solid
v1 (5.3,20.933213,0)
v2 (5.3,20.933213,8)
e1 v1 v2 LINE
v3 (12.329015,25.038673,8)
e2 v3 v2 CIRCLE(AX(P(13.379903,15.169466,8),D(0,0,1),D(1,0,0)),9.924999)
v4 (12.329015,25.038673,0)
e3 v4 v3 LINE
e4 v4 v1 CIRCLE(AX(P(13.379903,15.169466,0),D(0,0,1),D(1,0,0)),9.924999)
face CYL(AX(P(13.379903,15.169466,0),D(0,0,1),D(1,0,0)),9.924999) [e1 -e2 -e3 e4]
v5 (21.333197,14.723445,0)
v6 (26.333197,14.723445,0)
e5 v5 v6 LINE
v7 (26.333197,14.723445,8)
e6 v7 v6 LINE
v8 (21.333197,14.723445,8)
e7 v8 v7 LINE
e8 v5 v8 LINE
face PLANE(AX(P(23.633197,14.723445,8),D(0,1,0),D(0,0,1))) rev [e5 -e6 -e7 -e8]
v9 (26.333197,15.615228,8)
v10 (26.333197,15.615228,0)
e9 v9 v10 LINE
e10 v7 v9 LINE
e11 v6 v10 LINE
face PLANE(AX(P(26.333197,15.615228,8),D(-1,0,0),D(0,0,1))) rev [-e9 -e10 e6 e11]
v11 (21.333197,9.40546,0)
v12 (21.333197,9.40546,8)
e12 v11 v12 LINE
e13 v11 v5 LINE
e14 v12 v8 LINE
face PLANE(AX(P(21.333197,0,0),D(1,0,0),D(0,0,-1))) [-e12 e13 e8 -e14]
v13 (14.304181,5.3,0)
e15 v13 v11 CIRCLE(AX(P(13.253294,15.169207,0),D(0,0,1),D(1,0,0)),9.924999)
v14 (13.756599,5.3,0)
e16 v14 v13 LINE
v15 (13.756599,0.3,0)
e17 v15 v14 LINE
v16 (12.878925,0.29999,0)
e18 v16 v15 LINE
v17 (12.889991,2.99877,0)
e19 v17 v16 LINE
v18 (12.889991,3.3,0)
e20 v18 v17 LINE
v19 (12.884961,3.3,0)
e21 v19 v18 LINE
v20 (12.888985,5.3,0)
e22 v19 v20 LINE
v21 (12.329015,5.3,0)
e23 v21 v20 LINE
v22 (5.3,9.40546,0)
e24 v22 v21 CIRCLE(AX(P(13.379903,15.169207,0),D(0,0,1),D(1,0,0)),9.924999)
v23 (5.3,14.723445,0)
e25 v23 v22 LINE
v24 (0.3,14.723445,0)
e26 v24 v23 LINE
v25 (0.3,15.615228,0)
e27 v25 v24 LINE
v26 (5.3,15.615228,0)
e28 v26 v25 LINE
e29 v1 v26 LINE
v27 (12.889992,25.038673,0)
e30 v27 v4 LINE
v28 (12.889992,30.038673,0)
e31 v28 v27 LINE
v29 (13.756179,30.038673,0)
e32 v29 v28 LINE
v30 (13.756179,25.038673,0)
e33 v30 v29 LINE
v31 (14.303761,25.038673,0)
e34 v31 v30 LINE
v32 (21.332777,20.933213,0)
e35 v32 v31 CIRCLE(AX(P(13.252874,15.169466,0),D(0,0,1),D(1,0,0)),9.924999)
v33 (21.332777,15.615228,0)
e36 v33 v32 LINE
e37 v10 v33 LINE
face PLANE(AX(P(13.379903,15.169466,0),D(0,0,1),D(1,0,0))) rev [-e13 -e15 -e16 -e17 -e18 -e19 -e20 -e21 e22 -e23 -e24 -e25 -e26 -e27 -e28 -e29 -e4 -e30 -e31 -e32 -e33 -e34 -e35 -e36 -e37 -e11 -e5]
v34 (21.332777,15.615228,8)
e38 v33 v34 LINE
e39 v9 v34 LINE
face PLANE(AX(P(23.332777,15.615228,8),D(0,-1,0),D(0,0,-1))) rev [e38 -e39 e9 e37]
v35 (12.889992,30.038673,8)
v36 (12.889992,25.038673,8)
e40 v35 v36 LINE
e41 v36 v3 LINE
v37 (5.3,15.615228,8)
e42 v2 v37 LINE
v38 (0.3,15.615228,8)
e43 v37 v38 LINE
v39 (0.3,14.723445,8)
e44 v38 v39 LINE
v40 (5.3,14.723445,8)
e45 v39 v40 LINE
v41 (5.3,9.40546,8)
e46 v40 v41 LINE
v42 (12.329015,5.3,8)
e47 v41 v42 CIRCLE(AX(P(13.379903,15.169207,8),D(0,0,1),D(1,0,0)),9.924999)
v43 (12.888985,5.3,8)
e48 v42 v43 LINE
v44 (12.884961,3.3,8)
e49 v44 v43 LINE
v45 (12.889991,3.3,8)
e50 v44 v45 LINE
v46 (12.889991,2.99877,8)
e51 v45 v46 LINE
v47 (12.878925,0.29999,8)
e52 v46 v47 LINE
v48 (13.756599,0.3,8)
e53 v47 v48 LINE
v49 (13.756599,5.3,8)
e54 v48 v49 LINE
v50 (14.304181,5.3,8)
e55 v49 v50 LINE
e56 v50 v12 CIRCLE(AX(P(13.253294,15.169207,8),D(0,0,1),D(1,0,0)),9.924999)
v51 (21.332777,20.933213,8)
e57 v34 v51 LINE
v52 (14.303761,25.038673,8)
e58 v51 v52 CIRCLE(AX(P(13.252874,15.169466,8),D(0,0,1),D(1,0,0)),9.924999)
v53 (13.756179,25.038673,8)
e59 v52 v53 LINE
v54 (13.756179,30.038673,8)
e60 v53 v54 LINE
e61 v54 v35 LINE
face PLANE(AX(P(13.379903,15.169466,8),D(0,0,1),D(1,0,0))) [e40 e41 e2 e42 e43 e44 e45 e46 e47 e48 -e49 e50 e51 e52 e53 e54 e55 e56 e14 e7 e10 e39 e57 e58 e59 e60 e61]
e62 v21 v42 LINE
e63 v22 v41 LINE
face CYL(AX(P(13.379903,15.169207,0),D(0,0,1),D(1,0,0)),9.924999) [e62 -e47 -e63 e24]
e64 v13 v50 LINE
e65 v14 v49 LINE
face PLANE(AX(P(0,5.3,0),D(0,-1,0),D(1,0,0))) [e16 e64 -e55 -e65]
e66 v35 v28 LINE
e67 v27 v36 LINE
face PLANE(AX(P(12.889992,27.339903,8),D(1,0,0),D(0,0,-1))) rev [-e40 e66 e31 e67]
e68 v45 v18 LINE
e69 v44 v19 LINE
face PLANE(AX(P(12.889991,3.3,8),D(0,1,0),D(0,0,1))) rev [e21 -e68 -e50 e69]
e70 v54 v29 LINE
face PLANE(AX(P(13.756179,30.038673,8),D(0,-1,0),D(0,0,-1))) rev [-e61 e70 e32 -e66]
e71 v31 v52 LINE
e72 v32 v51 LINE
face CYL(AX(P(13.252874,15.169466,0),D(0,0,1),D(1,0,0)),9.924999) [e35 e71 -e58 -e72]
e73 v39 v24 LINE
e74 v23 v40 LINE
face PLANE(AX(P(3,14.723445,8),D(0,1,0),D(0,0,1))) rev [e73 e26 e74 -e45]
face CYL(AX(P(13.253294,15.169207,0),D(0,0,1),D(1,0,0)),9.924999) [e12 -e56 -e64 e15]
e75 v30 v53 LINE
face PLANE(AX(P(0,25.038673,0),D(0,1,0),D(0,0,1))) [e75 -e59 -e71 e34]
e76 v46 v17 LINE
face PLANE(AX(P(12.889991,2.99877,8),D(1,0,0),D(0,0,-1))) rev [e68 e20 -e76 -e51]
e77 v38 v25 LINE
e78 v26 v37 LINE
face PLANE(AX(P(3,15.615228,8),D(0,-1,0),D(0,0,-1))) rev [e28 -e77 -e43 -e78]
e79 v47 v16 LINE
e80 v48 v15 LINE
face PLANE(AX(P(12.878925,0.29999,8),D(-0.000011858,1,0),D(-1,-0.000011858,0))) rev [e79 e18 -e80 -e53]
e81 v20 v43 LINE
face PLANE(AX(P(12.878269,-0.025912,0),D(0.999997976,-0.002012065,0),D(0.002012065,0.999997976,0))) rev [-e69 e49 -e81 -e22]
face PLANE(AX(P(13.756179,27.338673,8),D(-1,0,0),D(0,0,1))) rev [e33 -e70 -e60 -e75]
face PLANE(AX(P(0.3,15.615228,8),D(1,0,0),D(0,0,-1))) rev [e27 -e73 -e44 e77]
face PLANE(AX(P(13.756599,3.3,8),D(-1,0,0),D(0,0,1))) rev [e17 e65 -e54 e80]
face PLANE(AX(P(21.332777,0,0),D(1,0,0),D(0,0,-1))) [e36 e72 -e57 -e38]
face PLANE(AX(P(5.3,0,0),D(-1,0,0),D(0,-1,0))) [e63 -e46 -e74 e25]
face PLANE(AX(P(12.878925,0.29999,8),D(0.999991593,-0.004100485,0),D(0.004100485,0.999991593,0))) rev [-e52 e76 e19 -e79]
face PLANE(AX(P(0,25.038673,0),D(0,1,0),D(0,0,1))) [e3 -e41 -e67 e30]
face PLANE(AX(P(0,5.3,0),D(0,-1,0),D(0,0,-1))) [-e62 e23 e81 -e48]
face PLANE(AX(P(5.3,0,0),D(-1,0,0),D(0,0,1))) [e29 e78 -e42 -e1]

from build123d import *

# Parameters (mm, degrees)
BOSS_EXTRUDE1_DEPTH = 8
CUT_EXTRUDE2_DEPTH  = 9


with BuildPart() as part:
    # Sketch1 → Boss-Extrude1 (new body)
    with BuildSketch(Plane.XY):
        with BuildLine():
            Line((12.878924965, 0.299989593), (12.889991366, 2.998769855))
            Line((12.889991366, 2.998769855), (12.889991366, 3.3))
            Line((12.889991366, 3.3), (12.589993889, 3.3))
            Line((12.589993889, 3.3), (12.227716247, 3.3))
            ThreePointArc((12.227716247, 3.3), (7.127300009, 5.014869597), (3.3, 8.797302437))
            Line((3.3, 8.797302437), (3.3, 14.423444914))
            Line((3.3, 14.423444914), (3.3, 14.723444914))
            Line((3.3, 14.723444914), (3, 14.723444914))
            Line((3, 14.723444914), (0.3, 14.723444914))
            Line((0.3, 14.723444914), (0.3, 15.615227729))
            Line((0.3, 15.615227729), (3, 15.615227729))
            Line((3, 15.615227729), (3.3, 15.615227729))
            Line((3.3, 15.615227729), (3.3, 15.915227729))
            Line((3.3, 15.915227729), (3.3, 21.541370205))
            ThreePointArc((3.3, 21.541370205), (7.127300009, 25.323803045), (12.227716247, 27.038672642))
            Line((12.227716247, 27.038672642), (12.589994095, 27.038672642))
            Line((12.589994095, 27.038672642), (12.889991573, 27.038672642))
            Line((12.889991573, 27.038672642), (12.889991573, 27.339902808))
            Line((12.889991573, 27.339902808), (12.889991573, 30.038672936))
            Line((12.889991573, 30.038672936), (13.756179426, 30.038672936))
            Line((13.756179426, 30.038672936), (13.756179426, 27.338672642))
            Line((13.756179426, 27.338672642), (13.756179426, 27.038672642))
            Line((13.756179426, 27.038672642), (14.056179426, 27.038672642))
            Line((14.056179426, 27.038672642), (14.40506038, 27.038672642))
            ThreePointArc((14.40506038, 27.038672642), (19.505476619, 25.323803045), (23.332776628, 21.541370205))
            Line((23.332776628, 21.541370205), (23.332776628, 15.915227729))
            Line((23.332776628, 15.915227729), (23.332776628, 15.615227729))
            Line((23.332776628, 15.615227729), (23.632776628, 15.615227729))
            Line((23.632776628, 15.615227729), (26.333196522, 15.615227729))
            Line((26.333196522, 15.615227729), (26.333196522, 14.723444914))
            Line((26.333196522, 14.723444914), (23.633196522, 14.723444914))
            Line((23.633196522, 14.723444914), (23.333196522, 14.723444914))
            Line((23.333196522, 14.723444914), (23.333196522, 14.423444914))
            Line((23.333196522, 14.423444914), (23.333196522, 8.797302437))
            ThreePointArc((23.333196522, 8.797302437), (19.505896514, 5.014869597), (14.405480275, 3.3))
            Line((14.405480275, 3.3), (14.056599321, 3.3))
            Line((14.056599321, 3.3), (13.756599321, 3.3))
            Line((13.756599321, 3.3), (13.756599321, 3))
            Line((13.756599321, 3), (13.756599321, 0.3))
            Line((13.756599321, 0.3), (12.878924965, 0.299989593))
        make_face()
    extrude(amount=BOSS_EXTRUDE1_DEPTH)

    # Sketch2 → Cut-Extrude2 (cut, through all)
    with BuildSketch(Plane.XY.offset(8)):
        with BuildLine():
            Line((12.889991573, 30.038672936), (-3.324020912, 25.076549212))
            Line((-3.324020912, 25.076549212), (0.3, 15.615227729))
            Line((0.3, 15.615227729), (3.3, 15.615227729))
            Line((3.3, 15.615227729), (3.3, 21.541370205))
            ThreePointArc((3.3, 21.541370205), (7.127300009, 25.323803045), (12.227716247, 27.038672642))
            Line((12.227716247, 27.038672642), (12.889991573, 27.038672642))
            Line((12.889991573, 27.038672642), (12.889991573, 30.038672936))
        make_face()
        with BuildLine():
            Line((26.333196522, 15.615227729), (25.678702072, 25.392177395))
            Line((25.678702072, 25.392177395), (13.756179426, 30.038672936))
            Line((13.756179426, 30.038672936), (13.756179426, 27.038672642))
            Line((13.756179426, 27.038672642), (14.40506038, 27.038672642))
            ThreePointArc((14.40506038, 27.038672642), (19.505476619, 25.323803045), (23.332776628, 21.541370205))
            Line((23.332776628, 21.541370205), (23.332776628, 15.615227729))
            Line((23.332776628, 15.615227729), (26.333196522, 15.615227729))
        make_face()
        with BuildLine():
            Line((21.332776628, 20.933212865), (21.332776628, 15.615227729))
            Line((21.332776628, 15.615227729), (23.332776628, 15.615227729))
            Line((23.332776628, 15.615227729), (23.332776628, 21.541370205))
            ThreePointArc((23.332776628, 21.541370205), (19.505476619, 25.323803045), (14.40506038, 27.038672642))
            Line((14.40506038, 27.038672642), (13.756179426, 27.038672642))
            Line((13.756179426, 27.038672642), (13.756179426, 25.038672642))
            Line((13.756179426, 25.038672642), (14.303761373, 25.038672642))
            ThreePointArc((14.303761373, 25.038672642), (18.258523966, 23.739709455), (21.332776628, 20.933212865))
        make_face()
        with BuildLine():
            Line((12.329015255, 25.038672642), (12.889991573, 25.038672642))
            Line((12.889991573, 25.038672642), (12.889991573, 27.038672642))
            Line((12.889991573, 27.038672642), (12.227716247, 27.038672642))
            ThreePointArc((12.227716247, 27.038672642), (7.127300009, 25.323803045), (3.3, 21.541370205))
            Line((3.3, 21.541370205), (3.3, 15.615227729))
            Line((3.3, 15.615227729), (5.3, 15.615227729))
            Line((5.3, 15.615227729), (5.3, 20.933212865))
            ThreePointArc((5.3, 20.933212865), (8.374252661, 23.739709455), (12.329015255, 25.038672642))
        make_face()
        with BuildLine():
            Line((5.3, 9.405459777), (5.3, 14.723444914))
            Line((5.3, 14.723444914), (3.3, 14.723444914))
            Line((3.3, 14.723444914), (3.3, 8.797302437))
            ThreePointArc((3.3, 8.797302437), (7.127300009, 5.014869597), (12.227716247, 3.3))
            Line((12.227716247, 3.3), (12.884961194, 3.3))
            Line((12.884961194, 3.3), (12.888985332, 5.3))
            Line((12.888985332, 5.3), (12.329015255, 5.3))
            ThreePointArc((12.329015255, 5.3), (8.374252661, 6.598963188), (5.3, 9.405459777))
        make_face()
        with BuildLine():
            Line((3.3, 8.797302437), (3.3, 14.723444914))
            Line((3.3, 14.723444914), (0.3, 14.723444914))
            Line((0.3, 14.723444914), (4.782985331, 0.07504351))
            Line((4.782985331, 0.07504351), (12.878924965, 0.299989593))
            Line((12.878924965, 0.299989593), (12.884961194, 3.3))
            Line((12.884961194, 3.3), (12.227716247, 3.3))
            ThreePointArc((12.227716247, 3.3), (7.127300009, 5.014869597), (3.3, 8.797302437))
        make_face()
        with BuildLine():
            Line((13.756599321, 5.3), (13.756599321, 3.3))
            Line((13.756599321, 3.3), (14.405480275, 3.3))
            ThreePointArc((14.405480275, 3.3), (19.505896514, 5.014869597), (23.333196522, 8.797302437))
            Line((23.333196522, 8.797302437), (23.333196522, 14.723444914))
            Line((23.333196522, 14.723444914), (21.333196522, 14.723444914))
            Line((21.333196522, 14.723444914), (21.333196522, 9.405459777))
            ThreePointArc((21.333196522, 9.405459777), (18.258943861, 6.598963188), (14.304181268, 5.3))
            Line((14.304181268, 5.3), (13.756599321, 5.3))
        make_face()
        with BuildLine():
            Line((13.756599321, 0.3), (29.080472483, 10.031605851))
            Line((29.080472483, 10.031605851), (26.333196522, 14.723444914))
            Line((26.333196522, 14.723444914), (23.333196522, 14.723444914))
            Line((23.333196522, 14.723444914), (23.333196522, 8.797302437))
            ThreePointArc((23.333196522, 8.797302437), (19.505896514, 5.014869597), (14.405480275, 3.3))
            Line((14.405480275, 3.3), (13.756599321, 3.3))
            Line((13.756599321, 3.3), (13.756599321, 0.3))
        make_face()
    extrude(amount=-CUT_EXTRUDE2_DEPTH, mode=Mode.SUBTRACT)


solid = part.part
